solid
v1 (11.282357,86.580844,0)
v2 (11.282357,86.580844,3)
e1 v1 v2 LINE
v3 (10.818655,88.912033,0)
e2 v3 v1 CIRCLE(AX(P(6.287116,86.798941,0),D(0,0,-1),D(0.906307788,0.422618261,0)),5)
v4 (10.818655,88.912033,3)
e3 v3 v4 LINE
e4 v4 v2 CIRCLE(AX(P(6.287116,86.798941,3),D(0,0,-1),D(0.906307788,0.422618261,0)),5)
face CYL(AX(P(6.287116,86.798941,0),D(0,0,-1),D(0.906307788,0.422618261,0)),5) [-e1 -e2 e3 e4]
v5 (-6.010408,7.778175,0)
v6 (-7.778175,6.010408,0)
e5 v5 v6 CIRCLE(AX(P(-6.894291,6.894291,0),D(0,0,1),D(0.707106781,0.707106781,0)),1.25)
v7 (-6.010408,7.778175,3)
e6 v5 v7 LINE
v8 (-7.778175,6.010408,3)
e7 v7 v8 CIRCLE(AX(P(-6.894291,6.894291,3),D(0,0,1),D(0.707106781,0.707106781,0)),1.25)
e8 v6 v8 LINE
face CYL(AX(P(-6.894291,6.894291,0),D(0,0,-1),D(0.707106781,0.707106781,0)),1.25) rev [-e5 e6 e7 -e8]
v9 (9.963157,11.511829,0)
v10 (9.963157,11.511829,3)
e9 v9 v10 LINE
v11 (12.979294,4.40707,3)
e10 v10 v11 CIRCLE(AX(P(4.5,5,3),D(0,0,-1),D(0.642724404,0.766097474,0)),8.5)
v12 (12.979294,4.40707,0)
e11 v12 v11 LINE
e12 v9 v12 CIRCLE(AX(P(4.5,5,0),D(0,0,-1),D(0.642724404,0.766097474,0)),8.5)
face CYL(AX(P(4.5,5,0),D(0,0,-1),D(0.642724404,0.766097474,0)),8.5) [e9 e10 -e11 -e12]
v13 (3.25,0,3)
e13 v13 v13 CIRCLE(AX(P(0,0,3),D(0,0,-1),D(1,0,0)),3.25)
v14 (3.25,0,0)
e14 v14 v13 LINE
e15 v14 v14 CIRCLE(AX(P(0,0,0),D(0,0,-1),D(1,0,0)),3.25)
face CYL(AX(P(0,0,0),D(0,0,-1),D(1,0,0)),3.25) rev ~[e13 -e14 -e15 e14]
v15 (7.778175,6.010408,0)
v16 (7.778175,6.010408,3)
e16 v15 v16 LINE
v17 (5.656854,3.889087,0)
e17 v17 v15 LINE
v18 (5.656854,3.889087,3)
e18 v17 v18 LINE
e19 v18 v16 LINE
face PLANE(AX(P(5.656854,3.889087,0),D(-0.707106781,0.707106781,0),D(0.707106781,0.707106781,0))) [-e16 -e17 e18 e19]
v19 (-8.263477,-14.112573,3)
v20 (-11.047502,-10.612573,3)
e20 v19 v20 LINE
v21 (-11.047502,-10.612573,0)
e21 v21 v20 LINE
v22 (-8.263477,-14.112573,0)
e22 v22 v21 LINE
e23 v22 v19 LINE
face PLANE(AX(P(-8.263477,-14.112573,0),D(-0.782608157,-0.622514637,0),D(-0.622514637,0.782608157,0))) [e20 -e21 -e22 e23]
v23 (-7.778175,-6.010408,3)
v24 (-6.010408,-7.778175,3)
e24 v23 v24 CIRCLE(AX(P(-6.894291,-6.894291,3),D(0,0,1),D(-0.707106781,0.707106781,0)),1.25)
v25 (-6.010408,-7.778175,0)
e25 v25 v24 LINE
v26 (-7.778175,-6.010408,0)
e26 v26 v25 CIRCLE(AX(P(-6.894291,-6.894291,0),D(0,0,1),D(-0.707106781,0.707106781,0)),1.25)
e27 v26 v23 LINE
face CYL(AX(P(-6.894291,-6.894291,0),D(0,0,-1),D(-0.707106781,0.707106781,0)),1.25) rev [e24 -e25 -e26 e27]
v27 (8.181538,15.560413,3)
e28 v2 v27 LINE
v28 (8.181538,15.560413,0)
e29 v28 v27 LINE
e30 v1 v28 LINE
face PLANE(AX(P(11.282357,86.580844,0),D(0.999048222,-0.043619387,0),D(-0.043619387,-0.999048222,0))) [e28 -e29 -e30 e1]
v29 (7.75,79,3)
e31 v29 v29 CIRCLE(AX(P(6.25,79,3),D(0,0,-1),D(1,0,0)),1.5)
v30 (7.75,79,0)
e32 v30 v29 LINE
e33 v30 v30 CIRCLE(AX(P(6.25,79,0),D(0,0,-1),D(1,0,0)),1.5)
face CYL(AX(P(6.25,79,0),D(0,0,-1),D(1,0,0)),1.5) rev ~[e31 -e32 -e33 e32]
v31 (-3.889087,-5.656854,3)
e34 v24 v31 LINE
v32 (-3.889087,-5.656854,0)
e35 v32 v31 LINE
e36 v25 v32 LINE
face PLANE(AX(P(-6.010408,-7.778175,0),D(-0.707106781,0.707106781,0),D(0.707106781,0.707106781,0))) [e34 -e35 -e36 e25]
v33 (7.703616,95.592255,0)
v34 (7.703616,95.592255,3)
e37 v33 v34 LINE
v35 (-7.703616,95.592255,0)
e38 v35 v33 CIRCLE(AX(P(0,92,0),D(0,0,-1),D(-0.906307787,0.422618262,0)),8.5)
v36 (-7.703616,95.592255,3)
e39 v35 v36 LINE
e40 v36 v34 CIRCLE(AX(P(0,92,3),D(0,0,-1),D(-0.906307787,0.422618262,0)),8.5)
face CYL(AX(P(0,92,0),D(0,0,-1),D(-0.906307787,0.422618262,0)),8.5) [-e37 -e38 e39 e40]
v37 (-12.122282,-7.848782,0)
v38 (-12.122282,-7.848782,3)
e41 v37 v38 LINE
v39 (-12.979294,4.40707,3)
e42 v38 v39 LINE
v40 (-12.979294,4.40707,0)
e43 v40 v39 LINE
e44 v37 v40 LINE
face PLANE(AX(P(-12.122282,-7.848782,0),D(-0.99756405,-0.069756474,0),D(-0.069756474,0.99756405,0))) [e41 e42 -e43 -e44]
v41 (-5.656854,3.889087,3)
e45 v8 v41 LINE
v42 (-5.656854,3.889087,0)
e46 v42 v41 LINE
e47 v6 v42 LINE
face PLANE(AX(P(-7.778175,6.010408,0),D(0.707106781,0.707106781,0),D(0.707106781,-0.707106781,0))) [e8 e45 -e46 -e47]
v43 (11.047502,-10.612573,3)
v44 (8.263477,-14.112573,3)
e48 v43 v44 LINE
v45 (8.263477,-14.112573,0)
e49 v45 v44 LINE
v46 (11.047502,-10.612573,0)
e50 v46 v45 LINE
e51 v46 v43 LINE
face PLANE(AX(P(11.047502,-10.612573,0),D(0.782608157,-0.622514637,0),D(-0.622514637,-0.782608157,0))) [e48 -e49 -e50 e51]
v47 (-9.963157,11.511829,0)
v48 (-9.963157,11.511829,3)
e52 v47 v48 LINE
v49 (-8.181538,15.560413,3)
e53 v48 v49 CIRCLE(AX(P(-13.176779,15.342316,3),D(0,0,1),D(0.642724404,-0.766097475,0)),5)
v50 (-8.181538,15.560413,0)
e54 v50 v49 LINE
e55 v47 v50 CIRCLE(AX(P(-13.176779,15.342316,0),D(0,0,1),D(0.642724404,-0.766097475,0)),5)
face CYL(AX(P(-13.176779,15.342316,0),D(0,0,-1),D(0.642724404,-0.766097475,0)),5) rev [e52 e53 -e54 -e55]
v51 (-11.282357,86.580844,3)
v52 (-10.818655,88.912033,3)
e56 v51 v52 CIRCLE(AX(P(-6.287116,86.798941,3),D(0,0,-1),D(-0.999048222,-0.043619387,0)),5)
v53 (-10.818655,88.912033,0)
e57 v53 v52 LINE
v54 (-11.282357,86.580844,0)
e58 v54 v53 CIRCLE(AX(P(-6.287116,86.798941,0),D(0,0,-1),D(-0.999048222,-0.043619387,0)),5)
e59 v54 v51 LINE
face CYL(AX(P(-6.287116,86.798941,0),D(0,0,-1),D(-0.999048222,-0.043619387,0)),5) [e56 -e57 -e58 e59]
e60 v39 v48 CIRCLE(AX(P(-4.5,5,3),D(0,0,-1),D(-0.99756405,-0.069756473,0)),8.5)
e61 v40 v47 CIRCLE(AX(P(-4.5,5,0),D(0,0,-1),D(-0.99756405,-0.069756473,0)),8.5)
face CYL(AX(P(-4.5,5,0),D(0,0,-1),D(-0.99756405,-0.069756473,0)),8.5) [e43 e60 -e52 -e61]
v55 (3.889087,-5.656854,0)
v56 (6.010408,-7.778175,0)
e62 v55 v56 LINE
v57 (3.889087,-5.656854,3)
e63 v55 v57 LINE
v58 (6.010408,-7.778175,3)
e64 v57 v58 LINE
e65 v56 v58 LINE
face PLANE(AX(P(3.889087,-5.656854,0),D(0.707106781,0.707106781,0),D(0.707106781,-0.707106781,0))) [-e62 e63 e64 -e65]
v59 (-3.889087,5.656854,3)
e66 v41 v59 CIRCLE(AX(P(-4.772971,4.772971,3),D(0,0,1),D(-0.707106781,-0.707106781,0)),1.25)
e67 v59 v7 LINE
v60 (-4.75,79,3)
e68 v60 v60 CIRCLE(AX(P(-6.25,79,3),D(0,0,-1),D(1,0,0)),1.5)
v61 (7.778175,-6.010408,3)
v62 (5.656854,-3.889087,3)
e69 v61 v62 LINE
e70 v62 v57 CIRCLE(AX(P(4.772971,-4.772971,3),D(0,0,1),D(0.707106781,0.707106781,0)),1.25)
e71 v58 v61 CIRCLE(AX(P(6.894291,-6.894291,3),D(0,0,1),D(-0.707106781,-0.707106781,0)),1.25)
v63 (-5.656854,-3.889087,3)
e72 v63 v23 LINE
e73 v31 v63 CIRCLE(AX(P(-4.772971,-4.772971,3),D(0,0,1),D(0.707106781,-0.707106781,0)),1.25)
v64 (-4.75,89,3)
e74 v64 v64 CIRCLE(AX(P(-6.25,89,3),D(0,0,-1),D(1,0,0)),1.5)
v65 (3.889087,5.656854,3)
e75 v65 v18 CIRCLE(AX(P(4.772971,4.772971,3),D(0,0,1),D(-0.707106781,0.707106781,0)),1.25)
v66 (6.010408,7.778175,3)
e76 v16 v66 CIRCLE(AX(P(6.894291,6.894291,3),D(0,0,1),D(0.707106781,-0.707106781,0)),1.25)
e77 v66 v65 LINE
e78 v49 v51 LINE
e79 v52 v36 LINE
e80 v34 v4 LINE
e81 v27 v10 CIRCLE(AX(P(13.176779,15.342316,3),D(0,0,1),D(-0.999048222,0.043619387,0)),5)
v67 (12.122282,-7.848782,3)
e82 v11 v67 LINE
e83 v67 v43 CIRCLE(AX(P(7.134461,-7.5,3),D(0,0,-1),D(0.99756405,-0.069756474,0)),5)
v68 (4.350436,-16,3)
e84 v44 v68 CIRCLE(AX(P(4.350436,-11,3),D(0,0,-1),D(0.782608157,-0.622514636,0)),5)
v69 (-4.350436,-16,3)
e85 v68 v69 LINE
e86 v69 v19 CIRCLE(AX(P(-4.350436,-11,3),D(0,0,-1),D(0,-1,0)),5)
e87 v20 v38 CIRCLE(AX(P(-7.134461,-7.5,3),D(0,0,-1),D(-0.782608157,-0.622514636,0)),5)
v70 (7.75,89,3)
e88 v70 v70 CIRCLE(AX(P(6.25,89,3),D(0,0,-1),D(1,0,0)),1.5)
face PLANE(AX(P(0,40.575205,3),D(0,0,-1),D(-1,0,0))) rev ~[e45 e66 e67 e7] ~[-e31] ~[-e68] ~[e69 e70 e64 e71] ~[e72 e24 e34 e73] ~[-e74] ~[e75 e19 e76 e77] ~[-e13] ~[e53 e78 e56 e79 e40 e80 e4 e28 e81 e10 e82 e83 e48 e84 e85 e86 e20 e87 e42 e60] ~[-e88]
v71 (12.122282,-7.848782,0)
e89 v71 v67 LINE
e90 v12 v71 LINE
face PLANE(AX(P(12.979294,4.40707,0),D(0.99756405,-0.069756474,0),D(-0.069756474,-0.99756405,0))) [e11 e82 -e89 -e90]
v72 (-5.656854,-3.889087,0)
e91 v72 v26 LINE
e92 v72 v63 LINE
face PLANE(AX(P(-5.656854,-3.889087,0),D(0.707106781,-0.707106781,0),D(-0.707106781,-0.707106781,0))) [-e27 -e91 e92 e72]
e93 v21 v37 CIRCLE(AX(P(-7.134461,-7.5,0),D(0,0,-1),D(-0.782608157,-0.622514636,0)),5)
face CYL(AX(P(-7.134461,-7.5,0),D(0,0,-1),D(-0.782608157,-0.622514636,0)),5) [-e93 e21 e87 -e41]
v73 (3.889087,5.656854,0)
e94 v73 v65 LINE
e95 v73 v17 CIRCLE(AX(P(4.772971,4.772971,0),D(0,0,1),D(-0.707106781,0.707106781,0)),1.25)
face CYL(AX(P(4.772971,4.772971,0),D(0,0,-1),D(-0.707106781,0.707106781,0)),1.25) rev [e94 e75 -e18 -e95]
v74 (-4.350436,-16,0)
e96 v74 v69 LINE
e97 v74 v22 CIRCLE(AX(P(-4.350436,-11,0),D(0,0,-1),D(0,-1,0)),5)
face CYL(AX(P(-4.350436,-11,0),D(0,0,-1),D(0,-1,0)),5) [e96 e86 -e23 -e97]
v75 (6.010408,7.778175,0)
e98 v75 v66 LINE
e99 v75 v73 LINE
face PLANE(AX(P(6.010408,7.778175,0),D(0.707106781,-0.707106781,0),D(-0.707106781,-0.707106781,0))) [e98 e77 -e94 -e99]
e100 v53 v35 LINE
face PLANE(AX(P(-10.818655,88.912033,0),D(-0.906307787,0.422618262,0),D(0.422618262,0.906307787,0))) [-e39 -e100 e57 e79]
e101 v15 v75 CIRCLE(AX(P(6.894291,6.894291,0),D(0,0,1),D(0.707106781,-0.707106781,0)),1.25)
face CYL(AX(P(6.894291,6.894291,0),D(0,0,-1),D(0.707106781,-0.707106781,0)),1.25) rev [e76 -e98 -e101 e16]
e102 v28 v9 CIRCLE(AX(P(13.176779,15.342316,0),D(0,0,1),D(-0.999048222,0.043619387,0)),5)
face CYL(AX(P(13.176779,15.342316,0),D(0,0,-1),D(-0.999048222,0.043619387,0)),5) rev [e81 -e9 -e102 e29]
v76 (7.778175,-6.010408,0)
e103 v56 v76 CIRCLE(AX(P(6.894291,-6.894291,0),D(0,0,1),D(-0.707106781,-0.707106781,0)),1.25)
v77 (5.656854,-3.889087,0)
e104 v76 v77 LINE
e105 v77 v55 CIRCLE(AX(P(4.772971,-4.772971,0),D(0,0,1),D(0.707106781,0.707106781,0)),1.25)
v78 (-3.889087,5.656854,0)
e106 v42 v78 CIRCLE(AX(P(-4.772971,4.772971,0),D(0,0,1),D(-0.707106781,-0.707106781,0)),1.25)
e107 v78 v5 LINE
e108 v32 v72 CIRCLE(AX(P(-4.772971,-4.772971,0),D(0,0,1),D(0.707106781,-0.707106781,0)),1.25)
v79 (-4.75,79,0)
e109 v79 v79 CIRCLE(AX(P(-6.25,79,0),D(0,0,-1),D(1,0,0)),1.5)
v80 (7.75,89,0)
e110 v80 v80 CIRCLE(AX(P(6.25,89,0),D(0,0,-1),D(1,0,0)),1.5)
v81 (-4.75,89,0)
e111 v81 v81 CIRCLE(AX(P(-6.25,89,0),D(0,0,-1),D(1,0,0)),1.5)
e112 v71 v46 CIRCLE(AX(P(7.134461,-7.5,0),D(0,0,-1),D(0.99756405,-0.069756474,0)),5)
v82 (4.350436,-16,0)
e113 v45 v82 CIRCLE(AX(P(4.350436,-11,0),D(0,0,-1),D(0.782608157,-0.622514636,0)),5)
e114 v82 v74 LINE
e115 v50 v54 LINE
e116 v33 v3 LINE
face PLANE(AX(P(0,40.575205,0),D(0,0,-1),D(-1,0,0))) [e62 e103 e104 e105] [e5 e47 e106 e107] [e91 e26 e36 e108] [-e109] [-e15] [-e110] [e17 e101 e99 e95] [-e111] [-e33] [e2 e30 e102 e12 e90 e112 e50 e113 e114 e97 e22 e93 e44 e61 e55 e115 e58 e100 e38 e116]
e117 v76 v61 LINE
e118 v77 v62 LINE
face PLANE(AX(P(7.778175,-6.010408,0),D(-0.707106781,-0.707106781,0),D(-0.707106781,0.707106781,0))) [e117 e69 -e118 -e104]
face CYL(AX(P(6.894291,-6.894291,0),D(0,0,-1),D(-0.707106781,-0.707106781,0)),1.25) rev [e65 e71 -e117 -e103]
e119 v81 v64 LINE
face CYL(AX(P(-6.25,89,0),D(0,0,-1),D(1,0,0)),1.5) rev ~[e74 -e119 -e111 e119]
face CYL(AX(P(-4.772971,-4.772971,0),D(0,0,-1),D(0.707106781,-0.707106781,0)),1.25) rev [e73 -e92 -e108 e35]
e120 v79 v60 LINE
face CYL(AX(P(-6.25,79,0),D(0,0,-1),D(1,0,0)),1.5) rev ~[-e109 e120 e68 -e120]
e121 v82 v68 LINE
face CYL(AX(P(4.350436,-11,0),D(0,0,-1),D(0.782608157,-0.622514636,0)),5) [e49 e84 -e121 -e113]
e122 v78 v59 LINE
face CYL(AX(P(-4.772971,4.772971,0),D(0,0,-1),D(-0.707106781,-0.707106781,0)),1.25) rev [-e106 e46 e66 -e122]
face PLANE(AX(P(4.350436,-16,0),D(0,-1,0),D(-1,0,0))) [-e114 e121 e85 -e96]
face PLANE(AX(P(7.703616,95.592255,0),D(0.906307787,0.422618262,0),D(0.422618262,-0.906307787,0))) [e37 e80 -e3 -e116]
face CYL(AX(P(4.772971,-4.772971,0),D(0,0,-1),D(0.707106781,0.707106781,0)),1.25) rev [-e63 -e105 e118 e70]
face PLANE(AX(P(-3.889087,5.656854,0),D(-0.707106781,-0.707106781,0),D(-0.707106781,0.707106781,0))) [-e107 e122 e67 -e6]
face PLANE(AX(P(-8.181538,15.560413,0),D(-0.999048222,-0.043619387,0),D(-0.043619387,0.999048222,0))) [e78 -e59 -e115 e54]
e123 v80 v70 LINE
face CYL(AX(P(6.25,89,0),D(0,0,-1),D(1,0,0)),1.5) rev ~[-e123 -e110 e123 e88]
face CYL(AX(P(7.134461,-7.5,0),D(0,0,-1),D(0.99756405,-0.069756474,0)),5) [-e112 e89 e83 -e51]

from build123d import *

# Parameters (mm, degrees)
SKETCH1_R           = 3.25
SKETCH1_R_2         = 1.5
BOSS_EXTRUDE1_DEPTH = 3


with BuildPart() as part:
    # Sketch1 → Boss-Extrude1 (new body)
    with BuildSketch(Plane(origin=(0, 0, 0), x_dir=(-1, 0, 0), z_dir=(0, 0, -1))):
        with BuildLine():
            Line((8.181538342, 15.560412846), (11.282357346, 86.580844321))
            ThreePointArc((11.282357346, 86.580844321), (11.19104264, 87.774392868), (10.818655174, 88.912032567))
            Line((10.818655174, 88.912032567), (7.70361619, 95.592255225))
            ThreePointArc((7.70361619, 95.592255225), (0, 100.5), (-7.70361619, 95.592255225))
            Line((-7.70361619, 95.592255225), (-10.818655174, 88.912032567))
            ThreePointArc((-10.818655174, 88.912032567), (-11.19104264, 87.774392868), (-11.282357346, 86.580844321))
            Line((-11.282357346, 86.580844321), (-8.181538342, 15.560412846))
            ThreePointArc((-8.181538342, 15.560412846), (-8.600305132, 13.328393664), (-9.963157432, 11.511828536))
            ThreePointArc((-9.963157432, 11.511828536), (-12.324154236, 8.321537367), (-12.979294427, 4.407069973))
            Line((-12.979294427, 4.407069973), (-12.122281745, -7.848782369))
            ThreePointArc((-12.122281745, -7.848782369), (-11.79450084, -9.312190191), (-11.047502278, -10.612573183))
            Line((-11.047502278, -10.612573183), (-8.26347657, -14.112573183))
            ThreePointArc((-8.26347657, -14.112573183), (-6.522662073, -15.503491197), (-4.350435786, -16))
            Line((-4.350435786, -16), (4.350435786, -16))
            ThreePointArc((4.350435786, -16), (6.522662073, -15.503491197), (8.26347657, -14.112573183))
            Line((8.26347657, -14.112573183), (11.047502278, -10.612573183))
            ThreePointArc((11.047502278, -10.612573183), (11.79450084, -9.312190191), (12.122281745, -7.848782369))
            Line((12.122281745, -7.848782369), (12.979294427, 4.407069973))
            ThreePointArc((12.979294427, 4.407069973), (12.324154236, 8.321537367), (9.963157432, 11.511828536))
            ThreePointArc((9.963157432, 11.511828536), (8.600305132, 13.328393664), (8.181538342, 15.560412846))
        make_face()
        with Locations(Location((0, 0, 0), (0, 0, 180))):
            Circle(SKETCH1_R, mode=Mode.SUBTRACT)
        with Locations(Location((6.25, 89, 0), (0, 0, 180))):
            Circle(SKETCH1_R_2, mode=Mode.SUBTRACT)
        with Locations(Location((6.25, 79, 0), (0, 0, 180))):
            Circle(SKETCH1_R_2, mode=Mode.SUBTRACT)
        with Locations(Location((-6.25, 89, 0), (0, 0, 180))):
            Circle(SKETCH1_R_2, mode=Mode.SUBTRACT)
        with Locations(Location((-6.25, 79, 0), (0, 0, 180))):
            Circle(SKETCH1_R_2, mode=Mode.SUBTRACT)
        with BuildLine():
            Line((7.778174593, 6.01040764), (5.656854249, 3.889087297))
            ThreePointArc((5.656854249, 3.889087297), (3.889087297, 3.889087297), (3.889087297, 5.656854249))
            Line((3.889087297, 5.656854249), (6.01040764, 7.778174593))
            ThreePointArc((6.01040764, 7.778174593), (7.778174593, 7.778174593), (7.778174593, 6.01040764))
        make_face(mode=Mode.SUBTRACT)
        with BuildLine():
            Line((-5.656854249, 3.889087297), (-7.778174593, 6.01040764))
            ThreePointArc((-7.778174593, 6.01040764), (-7.778174593, 7.778174593), (-6.01040764, 7.778174593))
            Line((-6.01040764, 7.778174593), (-3.889087297, 5.656854249))
            ThreePointArc((-3.889087297, 5.656854249), (-3.889087297, 3.889087297), (-5.656854249, 3.889087297))
        make_face(mode=Mode.SUBTRACT)
        with BuildLine():
            Line((-3.889087297, -5.656854249), (-6.01040764, -7.778174593))
            ThreePointArc((-6.01040764, -7.778174593), (-7.778174593, -7.778174593), (-7.778174593, -6.01040764))
            Line((-7.778174593, -6.01040764), (-5.656854249, -3.889087297))
            ThreePointArc((-5.656854249, -3.889087297), (-3.889087297, -3.889087297), (-3.889087297, -5.656854249))
        make_face(mode=Mode.SUBTRACT)
        with BuildLine():
            Line((6.01040764, -7.778174593), (3.889087297, -5.656854249))
            ThreePointArc((3.889087297, -5.656854249), (3.889087297, -3.889087297), (5.656854249, -3.889087297))
            Line((5.656854249, -3.889087297), (7.778174593, -6.01040764))
            ThreePointArc((7.778174593, -6.01040764), (7.778174593, -7.778174593), (6.01040764, -7.778174593))
        make_face(mode=Mode.SUBTRACT)
    extrude(amount=-BOSS_EXTRUDE1_DEPTH)


solid = part.part
